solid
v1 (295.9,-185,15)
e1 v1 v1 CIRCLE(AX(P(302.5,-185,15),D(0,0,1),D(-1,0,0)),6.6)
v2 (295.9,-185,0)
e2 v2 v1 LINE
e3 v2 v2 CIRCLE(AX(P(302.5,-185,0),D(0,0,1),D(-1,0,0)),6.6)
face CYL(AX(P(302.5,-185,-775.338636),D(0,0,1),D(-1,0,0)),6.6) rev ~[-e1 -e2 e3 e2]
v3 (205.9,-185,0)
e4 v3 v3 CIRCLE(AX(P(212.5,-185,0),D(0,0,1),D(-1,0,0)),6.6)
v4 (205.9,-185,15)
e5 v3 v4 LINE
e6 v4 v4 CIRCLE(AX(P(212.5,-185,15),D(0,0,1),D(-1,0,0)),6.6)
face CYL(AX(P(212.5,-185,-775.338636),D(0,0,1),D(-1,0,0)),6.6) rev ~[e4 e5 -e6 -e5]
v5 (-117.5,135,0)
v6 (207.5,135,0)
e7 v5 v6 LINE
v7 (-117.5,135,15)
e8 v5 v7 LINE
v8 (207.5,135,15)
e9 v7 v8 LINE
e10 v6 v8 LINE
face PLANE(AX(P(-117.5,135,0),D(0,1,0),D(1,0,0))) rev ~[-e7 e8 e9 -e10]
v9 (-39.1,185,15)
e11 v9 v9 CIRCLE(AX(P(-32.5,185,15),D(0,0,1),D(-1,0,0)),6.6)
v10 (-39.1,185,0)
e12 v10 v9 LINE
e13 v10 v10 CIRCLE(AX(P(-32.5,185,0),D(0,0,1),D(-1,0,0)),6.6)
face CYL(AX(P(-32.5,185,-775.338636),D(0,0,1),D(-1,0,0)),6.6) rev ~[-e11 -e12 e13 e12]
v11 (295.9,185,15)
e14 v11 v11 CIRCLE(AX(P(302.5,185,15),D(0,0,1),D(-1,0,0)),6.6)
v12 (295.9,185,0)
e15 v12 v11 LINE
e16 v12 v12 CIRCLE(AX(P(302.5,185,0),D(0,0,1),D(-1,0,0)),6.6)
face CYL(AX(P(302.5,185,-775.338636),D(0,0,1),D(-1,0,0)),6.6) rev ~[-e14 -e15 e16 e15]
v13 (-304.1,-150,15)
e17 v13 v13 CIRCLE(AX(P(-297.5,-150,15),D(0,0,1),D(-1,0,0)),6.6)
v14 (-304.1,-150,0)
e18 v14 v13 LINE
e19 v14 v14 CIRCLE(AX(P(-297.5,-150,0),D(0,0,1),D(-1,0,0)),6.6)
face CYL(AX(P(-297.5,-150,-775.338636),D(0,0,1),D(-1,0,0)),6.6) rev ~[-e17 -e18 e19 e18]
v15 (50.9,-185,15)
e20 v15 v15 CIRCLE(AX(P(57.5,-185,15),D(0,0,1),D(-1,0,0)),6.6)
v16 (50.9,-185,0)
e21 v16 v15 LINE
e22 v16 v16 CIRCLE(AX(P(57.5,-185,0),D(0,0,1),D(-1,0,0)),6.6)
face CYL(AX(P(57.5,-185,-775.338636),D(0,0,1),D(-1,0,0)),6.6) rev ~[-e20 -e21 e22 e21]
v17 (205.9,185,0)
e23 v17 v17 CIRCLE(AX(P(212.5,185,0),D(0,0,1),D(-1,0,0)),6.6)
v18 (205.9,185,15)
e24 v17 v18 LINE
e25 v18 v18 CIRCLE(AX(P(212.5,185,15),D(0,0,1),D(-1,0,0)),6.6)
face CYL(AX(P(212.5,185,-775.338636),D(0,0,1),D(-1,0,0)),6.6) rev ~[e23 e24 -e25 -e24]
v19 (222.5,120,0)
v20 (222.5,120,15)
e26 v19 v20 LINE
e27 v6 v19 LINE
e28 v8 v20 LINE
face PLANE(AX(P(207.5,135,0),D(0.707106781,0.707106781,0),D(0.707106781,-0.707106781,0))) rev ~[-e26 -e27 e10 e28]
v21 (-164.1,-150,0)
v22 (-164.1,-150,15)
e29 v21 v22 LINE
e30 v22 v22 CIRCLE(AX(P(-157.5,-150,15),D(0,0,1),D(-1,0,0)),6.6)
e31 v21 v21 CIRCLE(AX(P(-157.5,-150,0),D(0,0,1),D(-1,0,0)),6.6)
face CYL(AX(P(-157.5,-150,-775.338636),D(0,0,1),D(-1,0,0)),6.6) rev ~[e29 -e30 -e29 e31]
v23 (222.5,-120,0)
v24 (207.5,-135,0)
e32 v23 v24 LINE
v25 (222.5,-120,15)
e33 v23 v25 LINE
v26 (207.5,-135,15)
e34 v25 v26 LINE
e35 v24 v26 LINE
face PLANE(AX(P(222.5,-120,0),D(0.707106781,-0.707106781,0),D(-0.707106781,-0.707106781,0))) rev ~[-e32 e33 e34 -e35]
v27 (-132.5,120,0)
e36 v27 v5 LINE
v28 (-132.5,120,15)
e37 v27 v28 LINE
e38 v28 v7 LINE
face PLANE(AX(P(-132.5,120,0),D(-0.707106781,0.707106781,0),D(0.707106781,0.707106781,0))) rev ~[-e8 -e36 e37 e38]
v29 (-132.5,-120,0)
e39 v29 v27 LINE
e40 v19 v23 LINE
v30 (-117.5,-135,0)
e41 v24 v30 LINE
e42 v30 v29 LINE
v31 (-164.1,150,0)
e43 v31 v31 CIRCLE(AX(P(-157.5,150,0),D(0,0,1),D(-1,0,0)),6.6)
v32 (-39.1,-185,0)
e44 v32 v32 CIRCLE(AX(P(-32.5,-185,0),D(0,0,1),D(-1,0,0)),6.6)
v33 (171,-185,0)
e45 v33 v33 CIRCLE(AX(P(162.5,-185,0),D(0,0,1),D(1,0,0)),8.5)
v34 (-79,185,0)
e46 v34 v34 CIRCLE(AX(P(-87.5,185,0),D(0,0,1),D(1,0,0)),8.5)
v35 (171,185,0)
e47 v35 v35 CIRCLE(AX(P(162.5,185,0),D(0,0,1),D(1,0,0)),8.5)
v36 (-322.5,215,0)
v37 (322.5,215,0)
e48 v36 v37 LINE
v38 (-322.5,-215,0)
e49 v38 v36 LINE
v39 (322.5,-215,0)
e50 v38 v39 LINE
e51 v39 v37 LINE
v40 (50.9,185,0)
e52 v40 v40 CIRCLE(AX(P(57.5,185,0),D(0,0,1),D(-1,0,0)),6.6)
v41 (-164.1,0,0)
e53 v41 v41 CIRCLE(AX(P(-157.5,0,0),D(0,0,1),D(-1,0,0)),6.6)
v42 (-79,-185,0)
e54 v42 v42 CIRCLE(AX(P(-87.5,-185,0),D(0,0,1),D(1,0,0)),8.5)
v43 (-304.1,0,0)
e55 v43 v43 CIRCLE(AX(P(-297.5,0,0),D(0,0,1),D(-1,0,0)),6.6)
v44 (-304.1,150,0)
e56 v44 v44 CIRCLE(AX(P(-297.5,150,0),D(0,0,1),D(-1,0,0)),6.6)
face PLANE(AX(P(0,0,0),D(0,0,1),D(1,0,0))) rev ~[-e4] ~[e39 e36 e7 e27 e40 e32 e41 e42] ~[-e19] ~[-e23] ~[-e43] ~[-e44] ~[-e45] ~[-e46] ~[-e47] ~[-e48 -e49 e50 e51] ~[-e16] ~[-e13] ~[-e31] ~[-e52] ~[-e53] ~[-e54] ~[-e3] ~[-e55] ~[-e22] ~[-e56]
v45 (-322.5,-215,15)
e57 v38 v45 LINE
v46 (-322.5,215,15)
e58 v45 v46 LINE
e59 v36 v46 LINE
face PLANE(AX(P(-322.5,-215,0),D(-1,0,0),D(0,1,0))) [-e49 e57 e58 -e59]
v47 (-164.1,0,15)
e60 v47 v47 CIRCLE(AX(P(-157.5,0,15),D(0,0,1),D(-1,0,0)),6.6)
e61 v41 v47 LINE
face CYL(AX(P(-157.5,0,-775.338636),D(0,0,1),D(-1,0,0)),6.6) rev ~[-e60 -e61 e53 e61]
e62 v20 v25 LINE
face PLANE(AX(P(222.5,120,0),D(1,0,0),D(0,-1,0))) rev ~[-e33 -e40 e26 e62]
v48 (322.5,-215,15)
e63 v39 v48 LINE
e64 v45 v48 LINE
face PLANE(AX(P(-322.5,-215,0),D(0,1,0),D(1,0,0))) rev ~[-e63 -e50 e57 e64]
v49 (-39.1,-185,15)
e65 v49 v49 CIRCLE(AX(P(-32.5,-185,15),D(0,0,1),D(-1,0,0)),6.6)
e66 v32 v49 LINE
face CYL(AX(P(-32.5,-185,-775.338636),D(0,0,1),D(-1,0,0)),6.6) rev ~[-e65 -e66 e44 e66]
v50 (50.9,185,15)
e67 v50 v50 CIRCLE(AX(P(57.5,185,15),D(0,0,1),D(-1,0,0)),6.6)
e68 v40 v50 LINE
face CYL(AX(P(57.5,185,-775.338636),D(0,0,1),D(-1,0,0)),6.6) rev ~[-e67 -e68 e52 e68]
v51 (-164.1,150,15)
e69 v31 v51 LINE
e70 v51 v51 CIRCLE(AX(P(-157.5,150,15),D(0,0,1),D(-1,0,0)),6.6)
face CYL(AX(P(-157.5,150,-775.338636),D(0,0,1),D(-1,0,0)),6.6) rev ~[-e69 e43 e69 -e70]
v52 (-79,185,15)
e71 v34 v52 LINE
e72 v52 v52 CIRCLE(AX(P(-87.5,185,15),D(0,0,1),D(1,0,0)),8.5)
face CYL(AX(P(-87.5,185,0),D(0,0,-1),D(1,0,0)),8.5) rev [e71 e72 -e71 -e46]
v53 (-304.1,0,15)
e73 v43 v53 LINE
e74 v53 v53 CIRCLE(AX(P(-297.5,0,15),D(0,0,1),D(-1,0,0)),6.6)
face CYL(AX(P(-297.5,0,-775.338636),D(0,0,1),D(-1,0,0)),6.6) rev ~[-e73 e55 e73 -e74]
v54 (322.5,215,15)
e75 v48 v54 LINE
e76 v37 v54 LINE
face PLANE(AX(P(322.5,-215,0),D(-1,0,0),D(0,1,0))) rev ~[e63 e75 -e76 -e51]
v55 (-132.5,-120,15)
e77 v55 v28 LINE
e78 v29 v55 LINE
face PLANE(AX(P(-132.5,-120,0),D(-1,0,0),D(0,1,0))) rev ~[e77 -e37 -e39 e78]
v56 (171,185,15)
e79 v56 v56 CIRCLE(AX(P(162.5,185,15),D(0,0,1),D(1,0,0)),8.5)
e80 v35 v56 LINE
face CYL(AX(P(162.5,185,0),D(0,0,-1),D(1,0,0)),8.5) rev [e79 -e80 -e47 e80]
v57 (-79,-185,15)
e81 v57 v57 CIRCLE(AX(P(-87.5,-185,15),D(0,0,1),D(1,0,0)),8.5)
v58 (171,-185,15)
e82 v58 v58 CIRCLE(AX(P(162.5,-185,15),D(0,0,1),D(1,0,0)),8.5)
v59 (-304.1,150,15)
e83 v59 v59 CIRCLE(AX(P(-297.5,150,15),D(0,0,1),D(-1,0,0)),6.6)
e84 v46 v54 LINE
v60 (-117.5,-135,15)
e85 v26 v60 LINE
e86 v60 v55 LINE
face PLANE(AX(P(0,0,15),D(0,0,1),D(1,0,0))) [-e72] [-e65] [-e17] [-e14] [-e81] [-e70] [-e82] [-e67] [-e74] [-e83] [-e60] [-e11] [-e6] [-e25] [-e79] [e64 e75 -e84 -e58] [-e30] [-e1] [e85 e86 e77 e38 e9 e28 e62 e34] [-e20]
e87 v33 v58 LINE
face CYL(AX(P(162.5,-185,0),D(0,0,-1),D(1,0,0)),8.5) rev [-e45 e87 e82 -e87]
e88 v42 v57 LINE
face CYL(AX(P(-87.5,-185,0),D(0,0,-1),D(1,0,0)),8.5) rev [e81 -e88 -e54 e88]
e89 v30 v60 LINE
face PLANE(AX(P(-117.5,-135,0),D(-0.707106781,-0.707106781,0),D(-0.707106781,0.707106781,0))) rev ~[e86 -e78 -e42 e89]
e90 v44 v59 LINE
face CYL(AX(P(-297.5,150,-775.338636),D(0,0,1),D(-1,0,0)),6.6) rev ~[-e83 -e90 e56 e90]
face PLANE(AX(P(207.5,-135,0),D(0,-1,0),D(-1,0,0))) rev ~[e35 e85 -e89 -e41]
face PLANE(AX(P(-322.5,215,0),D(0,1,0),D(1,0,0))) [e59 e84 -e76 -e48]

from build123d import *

# Parameters (mm, degrees)
F0_W     = 645
F0_H     = 430
F1_DEPTH = 15
F3_D     = 13.2
F4_R     = 8.5
F5_DEPTH = 15


with BuildPart() as f1:
    # F0 (on Top) → F1 (new body)
    with BuildSketch(Plane.XY):
        Rectangle(F0_W, F0_H)
        Polygon((-132.5, 120), (-117.5, 135), (207.5, 135), (222.5, 120), (222.5, -120), (207.5, -135), (-117.5, -135), (-132.5, -120), align=None, mode=Mode.SUBTRACT)
    extrude(amount=F1_DEPTH)

    # F3 (through all)
    with Locations(Plane(origin=(0, 0, 0), x_dir=(1, 0, 0), z_dir=(0, 0, -1))):
        with Locations((-297.5, -150), (-297.5, 0), (-297.5, 150), (-157.5, -150), (-157.5, 0), (-157.5, 150), (-32.5, 185), (57.5, 185), (212.5, 185), (302.5, 185), (302.5, -185), (212.5, -185), (57.5, -185), (-32.5, -185)):
            Hole(F3_D / 2)

    # F4 (on Top) → F5 (cut, through all)
    with BuildSketch(Plane.XY):
        with Locations((-87.5, 185)):
            Circle(F4_R)
        with Locations((162.5, 185)):
            Circle(F4_R)
        with Locations((162.5, -185)):
            Circle(F4_R)
        with Locations((-87.5, -185)):
            Circle(F4_R)
    extrude(amount=F5_DEPTH, mode=Mode.SUBTRACT)


solid = f1.part
